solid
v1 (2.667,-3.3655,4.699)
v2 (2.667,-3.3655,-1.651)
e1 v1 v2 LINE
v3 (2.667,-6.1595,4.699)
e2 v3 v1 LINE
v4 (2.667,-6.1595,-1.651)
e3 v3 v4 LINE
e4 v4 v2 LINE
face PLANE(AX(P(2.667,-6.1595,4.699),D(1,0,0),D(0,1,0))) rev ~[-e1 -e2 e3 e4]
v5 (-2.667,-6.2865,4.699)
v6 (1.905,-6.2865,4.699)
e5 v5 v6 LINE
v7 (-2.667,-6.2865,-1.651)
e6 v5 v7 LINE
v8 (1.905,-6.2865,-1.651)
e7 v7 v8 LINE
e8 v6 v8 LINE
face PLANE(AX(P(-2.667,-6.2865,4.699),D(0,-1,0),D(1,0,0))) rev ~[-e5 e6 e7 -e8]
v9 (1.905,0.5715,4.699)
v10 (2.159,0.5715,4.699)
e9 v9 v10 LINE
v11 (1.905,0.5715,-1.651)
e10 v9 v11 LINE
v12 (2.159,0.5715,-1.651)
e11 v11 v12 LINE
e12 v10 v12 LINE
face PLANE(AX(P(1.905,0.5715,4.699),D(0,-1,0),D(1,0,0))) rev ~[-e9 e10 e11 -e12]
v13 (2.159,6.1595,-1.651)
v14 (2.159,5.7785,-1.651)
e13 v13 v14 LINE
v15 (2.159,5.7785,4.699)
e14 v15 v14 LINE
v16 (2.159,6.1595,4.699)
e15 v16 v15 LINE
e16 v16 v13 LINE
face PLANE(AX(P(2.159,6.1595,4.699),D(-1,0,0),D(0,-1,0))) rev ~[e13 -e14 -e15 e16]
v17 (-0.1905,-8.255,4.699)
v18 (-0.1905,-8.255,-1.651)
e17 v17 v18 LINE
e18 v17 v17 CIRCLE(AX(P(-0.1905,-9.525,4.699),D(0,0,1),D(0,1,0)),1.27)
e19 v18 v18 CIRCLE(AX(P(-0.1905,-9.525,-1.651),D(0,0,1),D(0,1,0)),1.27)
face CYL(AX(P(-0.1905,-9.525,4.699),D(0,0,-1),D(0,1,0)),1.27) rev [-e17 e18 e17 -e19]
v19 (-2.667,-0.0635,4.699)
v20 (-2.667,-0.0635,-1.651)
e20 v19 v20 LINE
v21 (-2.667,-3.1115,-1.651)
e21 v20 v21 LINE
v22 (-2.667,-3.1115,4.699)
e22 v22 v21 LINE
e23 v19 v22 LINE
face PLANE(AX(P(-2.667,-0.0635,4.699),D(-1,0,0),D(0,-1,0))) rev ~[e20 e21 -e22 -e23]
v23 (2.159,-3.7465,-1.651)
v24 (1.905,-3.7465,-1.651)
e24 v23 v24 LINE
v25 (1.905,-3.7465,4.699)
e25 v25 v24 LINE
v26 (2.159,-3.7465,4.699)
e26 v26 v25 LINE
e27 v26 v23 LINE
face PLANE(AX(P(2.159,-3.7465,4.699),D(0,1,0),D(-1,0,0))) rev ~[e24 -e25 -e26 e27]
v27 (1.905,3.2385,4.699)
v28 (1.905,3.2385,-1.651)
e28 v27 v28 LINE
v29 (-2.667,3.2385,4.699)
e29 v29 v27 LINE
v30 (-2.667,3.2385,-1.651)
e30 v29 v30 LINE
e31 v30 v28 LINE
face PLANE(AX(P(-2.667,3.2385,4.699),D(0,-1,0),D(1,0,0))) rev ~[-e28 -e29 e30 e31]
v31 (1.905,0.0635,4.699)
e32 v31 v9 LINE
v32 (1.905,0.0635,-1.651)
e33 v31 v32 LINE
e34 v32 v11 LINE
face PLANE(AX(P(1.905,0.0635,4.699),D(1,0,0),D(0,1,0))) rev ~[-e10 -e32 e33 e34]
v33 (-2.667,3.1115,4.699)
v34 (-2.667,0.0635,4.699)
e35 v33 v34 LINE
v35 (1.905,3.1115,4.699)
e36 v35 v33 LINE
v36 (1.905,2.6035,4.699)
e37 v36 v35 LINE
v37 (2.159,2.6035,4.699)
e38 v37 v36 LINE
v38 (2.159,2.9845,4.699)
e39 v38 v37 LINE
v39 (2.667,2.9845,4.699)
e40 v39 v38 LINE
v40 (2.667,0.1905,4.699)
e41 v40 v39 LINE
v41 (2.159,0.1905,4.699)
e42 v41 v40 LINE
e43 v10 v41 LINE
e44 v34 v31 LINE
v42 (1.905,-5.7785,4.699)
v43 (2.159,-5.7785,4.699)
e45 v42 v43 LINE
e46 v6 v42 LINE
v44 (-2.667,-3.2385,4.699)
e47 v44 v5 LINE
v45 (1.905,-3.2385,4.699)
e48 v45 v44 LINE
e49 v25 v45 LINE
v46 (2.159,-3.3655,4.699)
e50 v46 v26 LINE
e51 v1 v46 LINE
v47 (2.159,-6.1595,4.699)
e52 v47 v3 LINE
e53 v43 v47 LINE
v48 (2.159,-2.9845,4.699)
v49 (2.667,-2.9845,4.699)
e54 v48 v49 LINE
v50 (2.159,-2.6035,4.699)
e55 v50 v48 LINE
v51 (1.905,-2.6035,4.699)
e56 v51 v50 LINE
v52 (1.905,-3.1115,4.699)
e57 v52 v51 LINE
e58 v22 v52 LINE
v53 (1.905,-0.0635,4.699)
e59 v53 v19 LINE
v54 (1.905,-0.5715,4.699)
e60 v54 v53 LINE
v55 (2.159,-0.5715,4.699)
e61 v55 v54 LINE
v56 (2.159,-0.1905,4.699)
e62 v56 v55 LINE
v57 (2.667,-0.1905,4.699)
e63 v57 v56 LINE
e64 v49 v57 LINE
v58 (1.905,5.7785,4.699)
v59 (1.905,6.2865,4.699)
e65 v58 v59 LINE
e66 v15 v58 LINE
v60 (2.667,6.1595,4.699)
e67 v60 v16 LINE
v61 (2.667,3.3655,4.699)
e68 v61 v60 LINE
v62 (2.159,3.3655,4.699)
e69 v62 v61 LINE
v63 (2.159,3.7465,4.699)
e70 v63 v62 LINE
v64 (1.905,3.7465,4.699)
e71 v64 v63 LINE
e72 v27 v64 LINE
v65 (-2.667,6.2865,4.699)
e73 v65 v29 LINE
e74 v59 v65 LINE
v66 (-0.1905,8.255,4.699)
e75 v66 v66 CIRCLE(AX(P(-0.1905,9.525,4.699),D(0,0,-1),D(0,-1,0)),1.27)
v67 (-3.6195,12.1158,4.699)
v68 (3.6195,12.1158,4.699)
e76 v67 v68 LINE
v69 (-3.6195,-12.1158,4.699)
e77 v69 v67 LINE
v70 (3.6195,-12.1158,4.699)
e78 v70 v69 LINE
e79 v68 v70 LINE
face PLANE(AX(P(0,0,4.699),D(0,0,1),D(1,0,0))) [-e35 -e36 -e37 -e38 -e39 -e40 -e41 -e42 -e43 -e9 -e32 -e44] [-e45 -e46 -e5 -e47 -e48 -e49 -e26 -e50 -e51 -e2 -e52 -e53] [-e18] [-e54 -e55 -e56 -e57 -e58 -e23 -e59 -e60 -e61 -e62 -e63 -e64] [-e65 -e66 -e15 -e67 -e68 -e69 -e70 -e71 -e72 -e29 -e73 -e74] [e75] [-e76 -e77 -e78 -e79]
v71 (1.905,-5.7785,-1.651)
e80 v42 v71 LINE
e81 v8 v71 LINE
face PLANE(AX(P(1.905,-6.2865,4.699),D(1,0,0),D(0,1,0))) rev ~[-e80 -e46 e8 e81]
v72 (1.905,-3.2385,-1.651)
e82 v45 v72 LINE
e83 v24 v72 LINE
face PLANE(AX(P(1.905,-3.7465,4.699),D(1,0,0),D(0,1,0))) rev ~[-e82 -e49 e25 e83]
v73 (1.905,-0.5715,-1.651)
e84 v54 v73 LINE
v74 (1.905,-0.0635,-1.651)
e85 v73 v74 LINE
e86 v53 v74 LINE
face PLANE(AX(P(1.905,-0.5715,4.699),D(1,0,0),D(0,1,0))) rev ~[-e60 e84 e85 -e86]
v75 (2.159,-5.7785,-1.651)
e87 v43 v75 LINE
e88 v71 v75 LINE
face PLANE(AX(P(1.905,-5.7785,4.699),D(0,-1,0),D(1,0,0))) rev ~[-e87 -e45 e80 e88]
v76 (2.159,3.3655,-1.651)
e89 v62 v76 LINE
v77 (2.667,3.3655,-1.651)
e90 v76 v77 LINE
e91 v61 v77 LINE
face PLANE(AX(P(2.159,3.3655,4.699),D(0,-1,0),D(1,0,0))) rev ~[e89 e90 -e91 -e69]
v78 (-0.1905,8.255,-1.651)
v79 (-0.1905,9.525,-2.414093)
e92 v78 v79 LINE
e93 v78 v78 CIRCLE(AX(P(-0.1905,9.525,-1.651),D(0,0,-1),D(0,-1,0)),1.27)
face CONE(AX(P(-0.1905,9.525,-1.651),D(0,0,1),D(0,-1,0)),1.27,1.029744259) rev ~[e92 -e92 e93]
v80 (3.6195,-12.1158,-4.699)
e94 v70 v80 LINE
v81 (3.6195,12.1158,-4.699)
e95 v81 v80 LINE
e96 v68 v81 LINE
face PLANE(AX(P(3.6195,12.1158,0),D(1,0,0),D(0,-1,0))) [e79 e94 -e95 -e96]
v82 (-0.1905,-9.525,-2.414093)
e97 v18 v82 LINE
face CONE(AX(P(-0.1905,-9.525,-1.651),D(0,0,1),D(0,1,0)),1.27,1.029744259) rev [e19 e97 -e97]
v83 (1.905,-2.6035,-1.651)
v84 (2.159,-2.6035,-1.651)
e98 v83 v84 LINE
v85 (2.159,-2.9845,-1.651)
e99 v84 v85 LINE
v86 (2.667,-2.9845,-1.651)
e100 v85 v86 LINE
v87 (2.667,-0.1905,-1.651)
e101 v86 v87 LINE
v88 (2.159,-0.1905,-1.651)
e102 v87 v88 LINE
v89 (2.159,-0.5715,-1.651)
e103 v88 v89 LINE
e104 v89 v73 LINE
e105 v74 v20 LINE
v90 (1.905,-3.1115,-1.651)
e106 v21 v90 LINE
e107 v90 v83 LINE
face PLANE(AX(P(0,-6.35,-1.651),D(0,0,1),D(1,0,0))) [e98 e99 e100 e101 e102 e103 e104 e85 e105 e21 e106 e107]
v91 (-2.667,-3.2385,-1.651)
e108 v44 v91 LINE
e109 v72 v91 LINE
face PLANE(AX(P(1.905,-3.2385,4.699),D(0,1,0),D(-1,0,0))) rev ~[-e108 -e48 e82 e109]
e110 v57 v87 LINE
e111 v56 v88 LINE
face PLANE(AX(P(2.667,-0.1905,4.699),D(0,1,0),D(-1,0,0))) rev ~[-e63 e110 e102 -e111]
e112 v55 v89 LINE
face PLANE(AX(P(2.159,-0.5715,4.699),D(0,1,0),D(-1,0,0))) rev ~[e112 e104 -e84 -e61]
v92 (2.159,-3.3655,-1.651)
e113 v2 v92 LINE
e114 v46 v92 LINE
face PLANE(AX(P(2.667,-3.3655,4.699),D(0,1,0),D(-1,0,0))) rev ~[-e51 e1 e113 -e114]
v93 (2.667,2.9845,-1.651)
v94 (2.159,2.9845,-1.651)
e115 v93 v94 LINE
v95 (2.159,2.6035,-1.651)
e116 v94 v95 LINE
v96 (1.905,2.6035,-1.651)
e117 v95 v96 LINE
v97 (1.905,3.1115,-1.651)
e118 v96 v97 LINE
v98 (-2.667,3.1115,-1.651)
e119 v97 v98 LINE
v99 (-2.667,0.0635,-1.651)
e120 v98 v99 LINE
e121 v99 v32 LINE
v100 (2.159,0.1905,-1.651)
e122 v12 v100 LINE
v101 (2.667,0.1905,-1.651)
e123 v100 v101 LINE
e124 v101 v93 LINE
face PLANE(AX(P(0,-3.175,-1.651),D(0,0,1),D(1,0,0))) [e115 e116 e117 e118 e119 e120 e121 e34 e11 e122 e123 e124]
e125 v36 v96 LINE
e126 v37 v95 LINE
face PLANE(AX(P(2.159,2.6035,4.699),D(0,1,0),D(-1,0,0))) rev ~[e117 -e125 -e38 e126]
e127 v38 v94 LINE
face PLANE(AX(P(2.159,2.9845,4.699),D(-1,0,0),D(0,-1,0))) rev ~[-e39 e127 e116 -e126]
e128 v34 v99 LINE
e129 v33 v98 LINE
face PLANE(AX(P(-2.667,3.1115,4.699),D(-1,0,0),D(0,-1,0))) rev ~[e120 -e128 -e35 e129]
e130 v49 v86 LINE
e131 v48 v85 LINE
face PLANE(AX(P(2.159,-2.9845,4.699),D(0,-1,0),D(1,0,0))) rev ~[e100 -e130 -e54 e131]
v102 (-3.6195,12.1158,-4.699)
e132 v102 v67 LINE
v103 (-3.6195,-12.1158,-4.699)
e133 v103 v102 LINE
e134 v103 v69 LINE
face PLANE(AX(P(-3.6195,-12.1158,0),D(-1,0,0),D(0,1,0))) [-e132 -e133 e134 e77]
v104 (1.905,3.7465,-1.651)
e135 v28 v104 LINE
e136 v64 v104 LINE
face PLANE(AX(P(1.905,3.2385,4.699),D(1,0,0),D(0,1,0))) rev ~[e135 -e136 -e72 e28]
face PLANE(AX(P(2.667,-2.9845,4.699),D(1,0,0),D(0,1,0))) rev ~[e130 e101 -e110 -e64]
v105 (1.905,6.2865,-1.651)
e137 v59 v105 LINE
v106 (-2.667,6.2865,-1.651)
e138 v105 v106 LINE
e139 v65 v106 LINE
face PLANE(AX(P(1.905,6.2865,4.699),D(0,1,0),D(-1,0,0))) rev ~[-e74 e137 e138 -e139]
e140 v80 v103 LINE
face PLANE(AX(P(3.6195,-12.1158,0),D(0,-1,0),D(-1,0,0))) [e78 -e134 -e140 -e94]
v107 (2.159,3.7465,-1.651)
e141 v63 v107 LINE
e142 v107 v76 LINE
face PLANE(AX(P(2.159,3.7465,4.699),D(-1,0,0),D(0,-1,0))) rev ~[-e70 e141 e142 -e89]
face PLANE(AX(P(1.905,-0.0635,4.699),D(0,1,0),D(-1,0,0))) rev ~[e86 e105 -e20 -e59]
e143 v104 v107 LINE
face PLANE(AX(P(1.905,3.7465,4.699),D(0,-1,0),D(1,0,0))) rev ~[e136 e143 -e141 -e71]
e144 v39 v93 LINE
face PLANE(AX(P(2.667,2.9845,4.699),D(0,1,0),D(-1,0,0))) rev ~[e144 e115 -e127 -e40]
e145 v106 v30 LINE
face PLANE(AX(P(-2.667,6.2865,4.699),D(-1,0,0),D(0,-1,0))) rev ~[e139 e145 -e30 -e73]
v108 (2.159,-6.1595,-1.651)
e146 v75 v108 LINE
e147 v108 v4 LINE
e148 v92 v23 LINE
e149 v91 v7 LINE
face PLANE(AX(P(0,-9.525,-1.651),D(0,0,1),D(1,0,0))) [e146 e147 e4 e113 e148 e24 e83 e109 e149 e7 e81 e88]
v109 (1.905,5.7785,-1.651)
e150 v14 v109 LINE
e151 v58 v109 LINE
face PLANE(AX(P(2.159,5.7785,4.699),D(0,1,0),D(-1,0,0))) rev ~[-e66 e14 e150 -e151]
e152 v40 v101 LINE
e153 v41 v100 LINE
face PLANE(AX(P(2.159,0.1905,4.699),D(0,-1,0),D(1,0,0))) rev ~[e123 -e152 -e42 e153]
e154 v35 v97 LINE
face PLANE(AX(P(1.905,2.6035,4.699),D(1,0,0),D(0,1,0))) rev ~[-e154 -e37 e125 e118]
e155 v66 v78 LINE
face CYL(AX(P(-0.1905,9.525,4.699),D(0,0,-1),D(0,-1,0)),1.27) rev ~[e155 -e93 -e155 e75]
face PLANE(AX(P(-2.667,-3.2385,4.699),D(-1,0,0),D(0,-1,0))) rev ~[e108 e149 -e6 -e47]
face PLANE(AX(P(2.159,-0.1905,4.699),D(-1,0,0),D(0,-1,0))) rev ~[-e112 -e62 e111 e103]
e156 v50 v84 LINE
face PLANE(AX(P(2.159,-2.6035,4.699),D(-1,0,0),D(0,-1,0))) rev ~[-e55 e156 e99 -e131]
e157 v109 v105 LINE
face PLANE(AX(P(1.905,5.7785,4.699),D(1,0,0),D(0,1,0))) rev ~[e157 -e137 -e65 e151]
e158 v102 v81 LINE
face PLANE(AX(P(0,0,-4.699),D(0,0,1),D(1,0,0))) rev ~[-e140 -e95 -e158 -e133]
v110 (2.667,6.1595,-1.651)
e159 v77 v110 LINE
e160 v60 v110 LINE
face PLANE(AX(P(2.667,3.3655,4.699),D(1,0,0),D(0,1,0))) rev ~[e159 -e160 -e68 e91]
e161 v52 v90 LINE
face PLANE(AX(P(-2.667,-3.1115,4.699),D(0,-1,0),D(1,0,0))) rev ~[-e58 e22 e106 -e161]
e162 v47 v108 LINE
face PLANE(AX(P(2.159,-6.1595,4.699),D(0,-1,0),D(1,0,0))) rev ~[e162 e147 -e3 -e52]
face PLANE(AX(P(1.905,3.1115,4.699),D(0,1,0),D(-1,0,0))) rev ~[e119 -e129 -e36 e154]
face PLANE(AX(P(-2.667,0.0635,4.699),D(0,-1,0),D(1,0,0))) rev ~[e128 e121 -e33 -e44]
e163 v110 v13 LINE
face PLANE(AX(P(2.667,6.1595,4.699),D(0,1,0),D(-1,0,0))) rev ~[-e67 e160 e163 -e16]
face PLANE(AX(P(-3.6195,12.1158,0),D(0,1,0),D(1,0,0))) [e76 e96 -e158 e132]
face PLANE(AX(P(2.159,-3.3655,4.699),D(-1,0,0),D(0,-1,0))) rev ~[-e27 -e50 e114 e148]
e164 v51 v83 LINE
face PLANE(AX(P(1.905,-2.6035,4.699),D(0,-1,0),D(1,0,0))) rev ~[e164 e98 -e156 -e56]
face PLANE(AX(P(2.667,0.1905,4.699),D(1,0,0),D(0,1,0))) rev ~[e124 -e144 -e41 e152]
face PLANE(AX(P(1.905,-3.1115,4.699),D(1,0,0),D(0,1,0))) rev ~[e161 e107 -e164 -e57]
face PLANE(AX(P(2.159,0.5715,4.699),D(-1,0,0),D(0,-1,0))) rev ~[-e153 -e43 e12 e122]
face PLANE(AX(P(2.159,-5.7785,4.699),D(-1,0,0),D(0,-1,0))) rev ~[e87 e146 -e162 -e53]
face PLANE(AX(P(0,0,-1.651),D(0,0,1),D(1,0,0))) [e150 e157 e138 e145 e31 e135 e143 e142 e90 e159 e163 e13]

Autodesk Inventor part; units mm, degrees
ref_plane "YZ Plane" through (0, 0, 0) normal (1, 0, 0) x (0, 1, 0)
ref_plane "XZ Plane" through (0, 0, 0) normal (0, 1, 0) x (-1, 0, 0)
ref_plane "XY Plane" through (0, 0, 0) normal (0, 0, 1) x (1, 0, 0)
sketch "Sketch1" plane through (0, 0, 0) normal (0, 0, 1) x (1, 0, 0)
  line L0 (-3.6195, 12.1158) -> (3.6195, 12.1158)
  line L1 (3.6195, 12.1158) -> (3.6195, -12.1158)
  line L2 (3.6195, -12.1158) -> (-3.6195, -12.1158)
  line L3 (-3.6195, -12.1158) -> (-3.6195, 12.1158)
  line L4 (0, 0) -> (0, 12.1158) construction
  line L5 (0, 0) -> (0, -12.1158) construction
  line L6 (0, 0) -> (-3.6195, 0) construction
  line L7 (0, 0) -> (3.6195, 0) construction
  dimension "d0" = 7.239
  dimension "d1" = 24.2316
extrude "Extrusion1" add sketch "Sketch1" along normal mid plane 9.398
sketch "Sketch2" plane through (0, 0, 4.699) normal (0, 0, 1) x (1, 0, 0)
  line L0 (3.6195, 12.1158) -> (3.6195, -12.1158) projected
  line L1 (-3.6195, -12.1158) -> (-3.6195, 12.1158) projected
  line L2 (-3.6195, 0) -> (3.6195, 0) construction
  point P0 (-0.1905, 9.525)
  dimension "d4" = 9.525
  dimension "d22" = 3.429
hole "Hole1" at (-0.1905, 9.525, 4.699) direction (0, 0, -1) diameter 2.54 depth 6.35 tip angle 118
mirror "Mirror1" about plane through (0, 0, 0) normal (0, 1, 0) of "Hole1"
sketch "Sketch3" plane through (0, 0, 4.699) normal (0, 0, 1) x (1, 0, 0)
  line L0 (-3.6195, 12.1158) -> (3.6195, 12.1158) projected
  line L1 (3.6195, -12.1158) -> (-3.6195, -12.1158) projected
  line L2 (-2.667, 6.2865) -> (-2.667, 3.2385)
  line L3 (-2.667, 3.2385) -> (1.905, 3.2385)
  line L4 (1.905, 3.2385) -> (1.905, 3.7465)
  line L5 (1.905, 3.7465) -> (2.159, 3.7465)
  line L6 (2.159, 3.7465) -> (2.159, 3.3655)
  line L7 (2.159, 3.3655) -> (2.667, 3.3655)
  line L8 (2.667, 3.3655) -> (2.667, 6.1595)
  line L9 (2.667, 6.1595) -> (2.159, 6.1595)
  line L10 (2.159, 6.1595) -> (2.159, 5.7785)
  line L11 (2.159, 5.7785) -> (1.905, 5.7785)
  line L12 (1.905, 5.7785) -> (1.905, 6.2865)
  line L13 (1.905, 6.2865) -> (-2.667, 6.2865)
  line L14 (-2.667, 4.7625) -> (2.667, 4.7625) construction
  line L15 (0, 12.1158) -> (0, -12.1158) construction
  point P0 (0, 4.7625)
  dimension "d12" = 3.048
  dimension "d13" = 5.334
  dimension "d14" = 4.572
  dimension "d16" = 2.032
  dimension "d17" = 2.794
  dimension "d18" = 0.508
  dimension "d19" = 5.8293
extrude "Extrusion2" cut sketch "Sketch3" against normal blind 6.35
pattern_linear "Rectangular Pattern1" count 4 spacing 3.175 along (0, -1, 0) of "Extrusion2"
properties part number "cRIO-FRC Power Connector" material "ABS Plastic"
